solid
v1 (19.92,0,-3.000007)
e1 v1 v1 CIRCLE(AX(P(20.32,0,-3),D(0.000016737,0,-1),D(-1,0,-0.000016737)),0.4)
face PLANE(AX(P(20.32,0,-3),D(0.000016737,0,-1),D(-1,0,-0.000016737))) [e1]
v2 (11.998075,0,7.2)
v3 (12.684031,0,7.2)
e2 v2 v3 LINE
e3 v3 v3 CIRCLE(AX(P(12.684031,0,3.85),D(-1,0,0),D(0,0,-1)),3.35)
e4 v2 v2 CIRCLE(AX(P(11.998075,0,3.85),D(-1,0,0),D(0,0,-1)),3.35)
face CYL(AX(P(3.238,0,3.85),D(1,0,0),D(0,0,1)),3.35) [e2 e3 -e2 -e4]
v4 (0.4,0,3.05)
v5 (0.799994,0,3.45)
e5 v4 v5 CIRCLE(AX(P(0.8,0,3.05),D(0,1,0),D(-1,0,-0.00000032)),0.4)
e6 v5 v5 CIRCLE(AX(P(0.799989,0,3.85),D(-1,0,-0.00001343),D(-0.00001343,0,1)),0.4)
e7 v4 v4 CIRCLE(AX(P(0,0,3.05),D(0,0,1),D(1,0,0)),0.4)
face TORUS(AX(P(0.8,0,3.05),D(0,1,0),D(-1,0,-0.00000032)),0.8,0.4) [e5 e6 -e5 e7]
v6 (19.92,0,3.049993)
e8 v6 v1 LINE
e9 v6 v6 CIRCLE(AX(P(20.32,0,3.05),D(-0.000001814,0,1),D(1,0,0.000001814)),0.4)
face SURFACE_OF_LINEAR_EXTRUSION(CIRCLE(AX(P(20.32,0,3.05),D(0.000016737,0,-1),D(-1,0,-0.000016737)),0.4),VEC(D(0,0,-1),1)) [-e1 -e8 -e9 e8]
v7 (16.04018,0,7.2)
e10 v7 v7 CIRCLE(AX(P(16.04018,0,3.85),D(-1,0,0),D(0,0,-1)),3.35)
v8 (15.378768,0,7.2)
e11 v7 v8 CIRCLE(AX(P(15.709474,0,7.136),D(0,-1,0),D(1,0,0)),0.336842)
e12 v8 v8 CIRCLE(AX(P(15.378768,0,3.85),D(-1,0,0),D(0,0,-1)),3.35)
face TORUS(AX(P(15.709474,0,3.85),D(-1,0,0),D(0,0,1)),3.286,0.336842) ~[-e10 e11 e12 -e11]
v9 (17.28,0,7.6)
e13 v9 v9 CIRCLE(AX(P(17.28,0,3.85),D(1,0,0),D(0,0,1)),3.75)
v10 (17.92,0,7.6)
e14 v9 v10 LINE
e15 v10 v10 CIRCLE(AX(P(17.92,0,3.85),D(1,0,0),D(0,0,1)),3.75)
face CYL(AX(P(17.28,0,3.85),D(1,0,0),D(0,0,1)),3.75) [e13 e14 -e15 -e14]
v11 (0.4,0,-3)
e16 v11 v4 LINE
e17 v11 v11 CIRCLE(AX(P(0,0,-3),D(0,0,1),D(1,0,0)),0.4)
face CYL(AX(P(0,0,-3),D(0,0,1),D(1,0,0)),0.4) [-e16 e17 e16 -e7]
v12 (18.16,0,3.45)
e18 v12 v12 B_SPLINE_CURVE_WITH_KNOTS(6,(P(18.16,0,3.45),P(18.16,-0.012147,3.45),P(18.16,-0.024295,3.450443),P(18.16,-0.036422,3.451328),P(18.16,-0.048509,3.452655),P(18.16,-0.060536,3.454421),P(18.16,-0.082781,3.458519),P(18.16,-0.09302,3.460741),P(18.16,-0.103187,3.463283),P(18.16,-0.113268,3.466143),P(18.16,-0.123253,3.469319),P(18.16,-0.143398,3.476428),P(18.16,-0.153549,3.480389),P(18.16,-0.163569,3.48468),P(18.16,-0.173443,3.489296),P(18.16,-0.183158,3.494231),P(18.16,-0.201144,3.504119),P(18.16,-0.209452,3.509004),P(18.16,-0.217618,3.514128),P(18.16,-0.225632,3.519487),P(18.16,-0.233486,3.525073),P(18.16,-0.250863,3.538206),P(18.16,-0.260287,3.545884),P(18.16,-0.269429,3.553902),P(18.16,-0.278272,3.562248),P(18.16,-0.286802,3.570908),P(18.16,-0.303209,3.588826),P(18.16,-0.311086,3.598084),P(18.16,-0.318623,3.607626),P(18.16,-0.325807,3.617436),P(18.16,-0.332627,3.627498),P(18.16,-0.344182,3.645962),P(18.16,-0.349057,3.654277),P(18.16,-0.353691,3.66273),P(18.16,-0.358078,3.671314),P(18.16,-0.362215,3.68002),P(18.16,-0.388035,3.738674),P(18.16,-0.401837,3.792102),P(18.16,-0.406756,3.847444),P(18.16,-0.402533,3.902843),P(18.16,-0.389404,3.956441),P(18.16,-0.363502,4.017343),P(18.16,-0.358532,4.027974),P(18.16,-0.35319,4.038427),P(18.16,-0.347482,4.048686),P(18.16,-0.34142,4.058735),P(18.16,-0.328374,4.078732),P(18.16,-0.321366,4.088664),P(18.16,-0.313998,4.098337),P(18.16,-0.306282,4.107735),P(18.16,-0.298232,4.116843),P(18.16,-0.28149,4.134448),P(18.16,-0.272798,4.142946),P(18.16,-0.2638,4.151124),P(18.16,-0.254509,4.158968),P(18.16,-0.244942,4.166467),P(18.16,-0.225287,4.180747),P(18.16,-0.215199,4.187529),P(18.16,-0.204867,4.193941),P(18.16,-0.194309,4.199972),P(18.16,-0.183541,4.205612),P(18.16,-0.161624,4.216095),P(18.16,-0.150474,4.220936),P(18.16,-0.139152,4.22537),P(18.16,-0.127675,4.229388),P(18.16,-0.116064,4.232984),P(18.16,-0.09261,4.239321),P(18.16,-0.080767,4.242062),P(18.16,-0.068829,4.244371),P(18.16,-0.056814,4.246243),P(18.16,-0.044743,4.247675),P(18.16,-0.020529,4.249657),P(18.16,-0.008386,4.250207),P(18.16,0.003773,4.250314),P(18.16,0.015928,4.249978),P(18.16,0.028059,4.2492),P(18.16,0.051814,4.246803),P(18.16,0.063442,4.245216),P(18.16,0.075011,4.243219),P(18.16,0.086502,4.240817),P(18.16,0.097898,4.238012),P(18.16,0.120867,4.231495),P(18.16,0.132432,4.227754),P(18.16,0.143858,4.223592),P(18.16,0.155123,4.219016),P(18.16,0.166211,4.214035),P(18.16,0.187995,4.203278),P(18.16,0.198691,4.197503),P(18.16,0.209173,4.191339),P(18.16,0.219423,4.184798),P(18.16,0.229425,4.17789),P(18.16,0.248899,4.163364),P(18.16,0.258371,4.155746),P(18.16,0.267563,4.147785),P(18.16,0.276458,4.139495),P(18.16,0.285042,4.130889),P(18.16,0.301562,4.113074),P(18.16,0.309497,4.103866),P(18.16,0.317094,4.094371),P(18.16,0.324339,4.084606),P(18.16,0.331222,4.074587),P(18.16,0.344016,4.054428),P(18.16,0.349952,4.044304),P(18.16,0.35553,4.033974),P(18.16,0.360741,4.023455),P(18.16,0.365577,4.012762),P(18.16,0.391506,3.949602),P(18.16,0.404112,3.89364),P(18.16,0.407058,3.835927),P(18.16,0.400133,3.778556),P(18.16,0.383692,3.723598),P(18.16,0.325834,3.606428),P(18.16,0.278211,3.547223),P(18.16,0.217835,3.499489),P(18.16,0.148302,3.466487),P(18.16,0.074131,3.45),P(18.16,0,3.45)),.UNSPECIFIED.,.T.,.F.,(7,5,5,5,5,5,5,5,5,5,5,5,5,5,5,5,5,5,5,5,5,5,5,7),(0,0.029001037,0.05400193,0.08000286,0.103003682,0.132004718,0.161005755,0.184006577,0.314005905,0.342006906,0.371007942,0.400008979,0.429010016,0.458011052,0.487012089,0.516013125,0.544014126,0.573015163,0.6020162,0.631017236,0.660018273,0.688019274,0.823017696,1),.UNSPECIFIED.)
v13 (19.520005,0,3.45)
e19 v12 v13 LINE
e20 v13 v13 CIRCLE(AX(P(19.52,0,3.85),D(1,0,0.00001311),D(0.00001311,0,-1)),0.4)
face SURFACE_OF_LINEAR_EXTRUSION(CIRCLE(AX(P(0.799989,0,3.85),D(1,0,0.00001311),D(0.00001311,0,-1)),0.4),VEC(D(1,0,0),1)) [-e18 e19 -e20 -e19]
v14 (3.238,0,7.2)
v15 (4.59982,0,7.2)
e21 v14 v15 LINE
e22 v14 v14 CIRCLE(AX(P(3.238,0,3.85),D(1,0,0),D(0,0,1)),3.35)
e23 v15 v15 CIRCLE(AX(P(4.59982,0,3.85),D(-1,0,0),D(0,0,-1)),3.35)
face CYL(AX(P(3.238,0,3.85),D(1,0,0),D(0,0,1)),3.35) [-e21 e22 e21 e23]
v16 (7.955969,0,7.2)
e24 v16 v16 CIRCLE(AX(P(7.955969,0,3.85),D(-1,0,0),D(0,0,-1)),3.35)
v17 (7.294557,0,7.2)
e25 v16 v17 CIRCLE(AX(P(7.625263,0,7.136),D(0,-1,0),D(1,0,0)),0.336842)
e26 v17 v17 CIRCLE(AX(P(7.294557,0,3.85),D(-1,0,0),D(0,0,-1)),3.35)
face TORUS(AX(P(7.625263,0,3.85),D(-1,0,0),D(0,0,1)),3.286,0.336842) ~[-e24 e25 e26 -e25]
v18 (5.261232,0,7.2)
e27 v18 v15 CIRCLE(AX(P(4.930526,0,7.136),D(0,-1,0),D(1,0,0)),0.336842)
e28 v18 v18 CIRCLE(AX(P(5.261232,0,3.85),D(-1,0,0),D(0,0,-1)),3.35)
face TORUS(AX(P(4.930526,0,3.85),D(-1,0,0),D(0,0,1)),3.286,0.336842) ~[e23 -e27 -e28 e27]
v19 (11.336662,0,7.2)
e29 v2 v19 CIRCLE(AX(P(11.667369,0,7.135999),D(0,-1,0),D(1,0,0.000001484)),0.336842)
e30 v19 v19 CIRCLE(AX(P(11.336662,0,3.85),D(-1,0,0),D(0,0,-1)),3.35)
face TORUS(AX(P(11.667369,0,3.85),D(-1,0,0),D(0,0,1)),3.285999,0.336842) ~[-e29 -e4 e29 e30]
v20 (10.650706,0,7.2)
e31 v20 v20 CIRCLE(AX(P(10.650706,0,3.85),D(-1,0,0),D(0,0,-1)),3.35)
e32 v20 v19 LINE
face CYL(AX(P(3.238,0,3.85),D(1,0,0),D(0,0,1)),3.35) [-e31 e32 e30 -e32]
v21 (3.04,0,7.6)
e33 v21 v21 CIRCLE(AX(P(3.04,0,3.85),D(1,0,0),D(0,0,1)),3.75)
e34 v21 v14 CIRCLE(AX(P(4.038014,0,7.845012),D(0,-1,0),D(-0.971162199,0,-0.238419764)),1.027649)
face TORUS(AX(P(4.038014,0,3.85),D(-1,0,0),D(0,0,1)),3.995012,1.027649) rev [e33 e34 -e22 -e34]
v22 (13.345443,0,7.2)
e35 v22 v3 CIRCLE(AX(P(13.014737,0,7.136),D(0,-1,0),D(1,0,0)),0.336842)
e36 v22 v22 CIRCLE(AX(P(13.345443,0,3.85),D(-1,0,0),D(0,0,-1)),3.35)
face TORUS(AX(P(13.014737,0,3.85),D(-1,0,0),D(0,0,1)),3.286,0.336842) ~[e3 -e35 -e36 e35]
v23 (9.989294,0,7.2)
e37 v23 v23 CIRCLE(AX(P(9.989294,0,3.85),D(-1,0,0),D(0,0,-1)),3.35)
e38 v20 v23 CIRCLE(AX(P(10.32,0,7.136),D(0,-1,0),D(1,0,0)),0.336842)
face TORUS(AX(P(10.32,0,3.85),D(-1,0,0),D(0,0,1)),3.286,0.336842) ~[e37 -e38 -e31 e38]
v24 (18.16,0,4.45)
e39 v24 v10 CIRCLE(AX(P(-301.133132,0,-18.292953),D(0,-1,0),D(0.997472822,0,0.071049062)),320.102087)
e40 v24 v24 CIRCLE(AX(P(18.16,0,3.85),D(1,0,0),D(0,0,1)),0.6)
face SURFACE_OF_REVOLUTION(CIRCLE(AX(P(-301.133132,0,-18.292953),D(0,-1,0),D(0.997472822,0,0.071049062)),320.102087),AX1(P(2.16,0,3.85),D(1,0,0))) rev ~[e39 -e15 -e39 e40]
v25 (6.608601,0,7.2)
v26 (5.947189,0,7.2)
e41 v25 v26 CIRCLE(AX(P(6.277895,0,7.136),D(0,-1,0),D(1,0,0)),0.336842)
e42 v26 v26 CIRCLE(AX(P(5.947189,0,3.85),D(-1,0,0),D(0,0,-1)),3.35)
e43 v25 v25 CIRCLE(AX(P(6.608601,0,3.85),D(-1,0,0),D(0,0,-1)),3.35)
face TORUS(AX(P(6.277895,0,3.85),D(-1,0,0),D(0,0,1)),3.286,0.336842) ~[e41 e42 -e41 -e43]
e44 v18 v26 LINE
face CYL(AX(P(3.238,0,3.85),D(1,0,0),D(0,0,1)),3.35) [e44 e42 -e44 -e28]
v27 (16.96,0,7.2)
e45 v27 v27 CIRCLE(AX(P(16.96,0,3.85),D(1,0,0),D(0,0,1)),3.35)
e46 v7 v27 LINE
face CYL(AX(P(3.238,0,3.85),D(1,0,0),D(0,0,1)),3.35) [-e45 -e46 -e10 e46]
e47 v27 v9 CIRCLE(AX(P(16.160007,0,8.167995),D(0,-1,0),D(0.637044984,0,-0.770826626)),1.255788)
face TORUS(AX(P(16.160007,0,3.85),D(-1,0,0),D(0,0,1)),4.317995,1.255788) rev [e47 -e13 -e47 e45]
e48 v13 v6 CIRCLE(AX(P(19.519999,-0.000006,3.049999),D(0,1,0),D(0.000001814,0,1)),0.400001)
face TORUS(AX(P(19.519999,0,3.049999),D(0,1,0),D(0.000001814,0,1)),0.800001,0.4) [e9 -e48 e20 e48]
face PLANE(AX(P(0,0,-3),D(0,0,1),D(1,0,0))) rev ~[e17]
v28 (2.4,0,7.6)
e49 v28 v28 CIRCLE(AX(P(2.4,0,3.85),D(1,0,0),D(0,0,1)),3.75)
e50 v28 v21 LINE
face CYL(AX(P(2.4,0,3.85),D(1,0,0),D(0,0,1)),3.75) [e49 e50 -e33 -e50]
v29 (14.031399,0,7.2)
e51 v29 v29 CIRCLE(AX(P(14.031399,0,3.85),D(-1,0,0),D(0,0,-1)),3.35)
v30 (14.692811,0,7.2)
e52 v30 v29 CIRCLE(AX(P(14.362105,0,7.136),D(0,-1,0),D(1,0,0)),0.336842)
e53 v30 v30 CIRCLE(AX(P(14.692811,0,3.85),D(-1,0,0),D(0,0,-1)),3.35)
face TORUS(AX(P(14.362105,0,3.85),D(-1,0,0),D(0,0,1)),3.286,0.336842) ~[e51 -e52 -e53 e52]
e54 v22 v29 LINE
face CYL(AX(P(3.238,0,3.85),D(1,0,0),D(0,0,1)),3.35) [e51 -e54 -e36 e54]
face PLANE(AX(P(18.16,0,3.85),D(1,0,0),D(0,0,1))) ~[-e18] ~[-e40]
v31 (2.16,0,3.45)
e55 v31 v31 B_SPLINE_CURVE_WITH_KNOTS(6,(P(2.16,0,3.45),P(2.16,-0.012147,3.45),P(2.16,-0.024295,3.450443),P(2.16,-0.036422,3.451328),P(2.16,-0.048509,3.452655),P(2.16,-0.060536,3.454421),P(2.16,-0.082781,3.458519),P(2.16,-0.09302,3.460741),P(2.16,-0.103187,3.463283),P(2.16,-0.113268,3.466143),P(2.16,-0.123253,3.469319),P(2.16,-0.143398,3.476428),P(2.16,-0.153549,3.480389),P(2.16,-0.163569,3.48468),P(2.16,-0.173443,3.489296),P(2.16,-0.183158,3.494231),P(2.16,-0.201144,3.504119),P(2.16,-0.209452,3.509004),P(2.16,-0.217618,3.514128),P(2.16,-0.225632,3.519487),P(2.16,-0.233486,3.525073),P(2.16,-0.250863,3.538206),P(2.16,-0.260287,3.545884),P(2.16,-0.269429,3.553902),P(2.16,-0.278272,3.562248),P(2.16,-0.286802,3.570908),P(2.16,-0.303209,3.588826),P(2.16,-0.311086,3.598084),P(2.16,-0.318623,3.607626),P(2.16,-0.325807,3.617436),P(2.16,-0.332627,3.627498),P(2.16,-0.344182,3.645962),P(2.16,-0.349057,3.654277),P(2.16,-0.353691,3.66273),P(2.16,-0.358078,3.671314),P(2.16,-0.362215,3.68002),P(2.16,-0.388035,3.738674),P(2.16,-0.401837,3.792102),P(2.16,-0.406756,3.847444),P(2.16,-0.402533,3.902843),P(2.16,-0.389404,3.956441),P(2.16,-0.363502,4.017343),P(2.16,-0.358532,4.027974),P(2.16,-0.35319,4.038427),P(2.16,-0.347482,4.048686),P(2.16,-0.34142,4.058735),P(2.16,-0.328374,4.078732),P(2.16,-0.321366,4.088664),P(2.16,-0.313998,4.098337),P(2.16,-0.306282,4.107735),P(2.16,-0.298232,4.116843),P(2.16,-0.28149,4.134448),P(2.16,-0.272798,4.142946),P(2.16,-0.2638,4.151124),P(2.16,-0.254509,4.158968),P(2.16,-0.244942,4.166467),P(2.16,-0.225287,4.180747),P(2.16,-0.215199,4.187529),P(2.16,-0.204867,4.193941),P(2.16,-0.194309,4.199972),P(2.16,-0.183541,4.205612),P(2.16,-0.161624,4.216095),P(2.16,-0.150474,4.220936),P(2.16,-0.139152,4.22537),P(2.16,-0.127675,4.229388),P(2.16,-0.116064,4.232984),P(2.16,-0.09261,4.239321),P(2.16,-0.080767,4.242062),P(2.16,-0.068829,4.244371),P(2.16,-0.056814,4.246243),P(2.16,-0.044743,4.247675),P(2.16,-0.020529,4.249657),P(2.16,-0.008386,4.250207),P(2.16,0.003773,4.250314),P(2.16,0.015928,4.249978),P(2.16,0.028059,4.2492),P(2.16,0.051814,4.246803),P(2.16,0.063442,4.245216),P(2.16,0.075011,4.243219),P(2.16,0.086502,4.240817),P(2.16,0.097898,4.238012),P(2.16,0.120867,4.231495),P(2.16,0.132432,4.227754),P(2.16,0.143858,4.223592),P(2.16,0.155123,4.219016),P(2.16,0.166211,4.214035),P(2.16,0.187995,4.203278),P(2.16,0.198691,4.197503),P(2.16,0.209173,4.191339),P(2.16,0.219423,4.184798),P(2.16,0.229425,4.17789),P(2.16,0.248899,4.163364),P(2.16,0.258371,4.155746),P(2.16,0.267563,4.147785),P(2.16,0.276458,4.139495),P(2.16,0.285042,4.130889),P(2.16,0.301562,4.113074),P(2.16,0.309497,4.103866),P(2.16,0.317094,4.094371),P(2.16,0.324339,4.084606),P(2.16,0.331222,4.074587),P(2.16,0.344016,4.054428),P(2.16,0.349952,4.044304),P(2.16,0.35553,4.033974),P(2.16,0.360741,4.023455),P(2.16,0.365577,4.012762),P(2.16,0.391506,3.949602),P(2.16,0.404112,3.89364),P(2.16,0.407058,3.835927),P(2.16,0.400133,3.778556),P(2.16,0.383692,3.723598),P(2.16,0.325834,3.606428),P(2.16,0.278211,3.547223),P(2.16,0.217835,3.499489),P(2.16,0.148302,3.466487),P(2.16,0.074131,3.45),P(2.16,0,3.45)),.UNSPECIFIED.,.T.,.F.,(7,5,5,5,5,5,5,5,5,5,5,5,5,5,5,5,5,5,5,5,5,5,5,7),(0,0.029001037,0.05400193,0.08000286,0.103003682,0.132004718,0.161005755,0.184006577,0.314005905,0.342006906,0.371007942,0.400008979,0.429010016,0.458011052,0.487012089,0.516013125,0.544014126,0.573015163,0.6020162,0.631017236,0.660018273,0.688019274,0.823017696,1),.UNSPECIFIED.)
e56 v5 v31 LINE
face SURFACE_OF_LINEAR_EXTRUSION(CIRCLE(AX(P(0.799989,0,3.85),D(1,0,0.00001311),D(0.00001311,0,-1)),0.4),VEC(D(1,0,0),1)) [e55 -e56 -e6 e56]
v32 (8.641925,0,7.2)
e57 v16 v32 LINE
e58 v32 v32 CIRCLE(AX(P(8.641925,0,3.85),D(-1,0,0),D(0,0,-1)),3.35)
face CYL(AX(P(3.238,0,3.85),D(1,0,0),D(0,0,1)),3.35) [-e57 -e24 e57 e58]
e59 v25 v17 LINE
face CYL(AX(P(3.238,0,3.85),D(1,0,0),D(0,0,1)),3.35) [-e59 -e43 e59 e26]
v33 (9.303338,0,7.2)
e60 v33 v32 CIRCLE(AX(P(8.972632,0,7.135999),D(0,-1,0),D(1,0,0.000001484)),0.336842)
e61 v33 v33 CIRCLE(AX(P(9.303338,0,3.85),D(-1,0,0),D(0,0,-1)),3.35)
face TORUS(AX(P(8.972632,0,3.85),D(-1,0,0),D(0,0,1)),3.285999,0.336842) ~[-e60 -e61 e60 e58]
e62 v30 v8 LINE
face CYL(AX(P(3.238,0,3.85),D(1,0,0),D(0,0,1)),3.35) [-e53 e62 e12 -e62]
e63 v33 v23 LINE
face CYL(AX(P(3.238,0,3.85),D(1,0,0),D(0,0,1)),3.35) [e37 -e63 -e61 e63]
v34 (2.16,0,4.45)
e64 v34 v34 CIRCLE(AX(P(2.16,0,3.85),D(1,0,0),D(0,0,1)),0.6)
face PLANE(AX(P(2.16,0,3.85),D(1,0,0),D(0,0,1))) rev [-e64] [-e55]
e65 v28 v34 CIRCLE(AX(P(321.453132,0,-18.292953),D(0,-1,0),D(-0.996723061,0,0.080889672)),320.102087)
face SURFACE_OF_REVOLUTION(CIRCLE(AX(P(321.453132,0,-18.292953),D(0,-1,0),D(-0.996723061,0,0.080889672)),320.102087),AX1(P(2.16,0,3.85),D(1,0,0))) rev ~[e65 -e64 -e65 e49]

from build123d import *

# Parameters (mm, degrees)
SKETCH_R = 0.4


with BuildPart() as sweep_body:
    # Sweep: sweep along a path in Sketch001
    with BuildLine(Plane.XZ) as sweep_path:
        Line((0, -3), (0, 3.05))
        ThreePointArc((0, 3.05), (0.234311, 3.615682), (0.799989, 3.85))
        Line((0.799989, 3.85), (19.52, 3.85))
        ThreePointArc((19.52, 3.85), (20.085685, 3.615685), (20.32, 3.05))
        Line((20.32, 3.05), (20.32, -3))
    # Sketch → Sweep (sweep)
    with BuildSketch(Plane.XY.offset(-2)):
        Circle(SKETCH_R)
    sweep(path=sweep_path.line)


with BuildPart() as revolution:
    # Sketch002 → Revolution (revolve)
    with BuildSketch(Plane.XZ):
        with BuildLine():
            Line((2.4, 7.6), (3.04, 7.6))
            ThreePointArc((3.04, 7.6), (3.117022, 7.389121), (3.238, 7.2))
            Line((3.238, 7.2), (16.96, 7.2))
            ThreePointArc((16.96, 7.2), (17.140612, 7.38351), (17.28, 7.6))
            Line((17.28, 7.6), (17.92, 7.6))
            ThreePointArc((18.16, 4.45), (18.043886, 6.025296), (17.92, 7.6))
            Line((18.16, 3.85), (18.16, 4.45))
            Line((2.16, 3.85), (18.16, 3.85))
            Line((2.16, 3.85), (2.16, 4.45))
            ThreePointArc((2.4, 7.6), (2.276114, 6.025296), (2.16, 4.45))
        make_face()
    revolve(axis=Axis((2.16, 0, 3.85), (1, 0, 0)))


with BuildPart() as revolution001_mp_cp:
    # Sketch003 → Revolution001 (revolve)
    with BuildSketch(Plane.XZ):
        with BuildLine():
            ThreePointArc((5.267368, 7.136), (4.930526, 7.472842), (4.593684, 7.136))
            Line((3.92, 7.136), (4.593684, 7.136))
            Line((3.92, 7.136), (3.92, 6.386))
            Line((3.92, 6.386), (16.72, 6.386))
            Line((16.72, 6.386), (16.72, 7.136))
            Line((16.046316, 7.136), (16.72, 7.136))
            ThreePointArc((16.046316, 7.136), (15.709474, 7.472842), (15.372632, 7.136))
            Line((14.698947, 7.136), (15.372632, 7.136))
            ThreePointArc((14.698947, 7.136), (14.362105, 7.472842), (14.025263, 7.136))
            Line((13.351579, 7.136), (14.025263, 7.136))
            ThreePointArc((13.351579, 7.136), (13.014737, 7.472842), (12.677895, 7.136))
            Line((12.004211, 7.136), (12.677895, 7.136))
            ThreePointArc((12.004211, 7.136), (11.667368, 7.472842), (11.330526, 7.136))
            Line((10.656842, 7.136), (11.330526, 7.136))
            ThreePointArc((10.656842, 7.136), (10.32, 7.472842), (9.983158, 7.136))
            Line((9.309474, 7.136), (9.983158, 7.136))
            ThreePointArc((9.309474, 7.136), (8.972632, 7.472842), (8.635789, 7.136))
            Line((7.962105, 7.136), (8.635789, 7.136))
            ThreePointArc((7.962105, 7.136), (7.625263, 7.472842), (7.288421, 7.136))
            Line((6.614737, 7.136), (7.288421, 7.136))
            ThreePointArc((6.614737, 7.136), (6.277895, 7.472842), (5.941053, 7.136))
            Line((5.267368, 7.136), (5.941053, 7.136))
        make_face()
    revolve(axis=Axis((2.56, 0, 3.85), (1, 0, 0)))

    # Revolution001_mp_cp: union Sweep body, Revolution
    add(sweep_body.part)
    add(revolution.part)


solid = revolution001_mp_cp.part
